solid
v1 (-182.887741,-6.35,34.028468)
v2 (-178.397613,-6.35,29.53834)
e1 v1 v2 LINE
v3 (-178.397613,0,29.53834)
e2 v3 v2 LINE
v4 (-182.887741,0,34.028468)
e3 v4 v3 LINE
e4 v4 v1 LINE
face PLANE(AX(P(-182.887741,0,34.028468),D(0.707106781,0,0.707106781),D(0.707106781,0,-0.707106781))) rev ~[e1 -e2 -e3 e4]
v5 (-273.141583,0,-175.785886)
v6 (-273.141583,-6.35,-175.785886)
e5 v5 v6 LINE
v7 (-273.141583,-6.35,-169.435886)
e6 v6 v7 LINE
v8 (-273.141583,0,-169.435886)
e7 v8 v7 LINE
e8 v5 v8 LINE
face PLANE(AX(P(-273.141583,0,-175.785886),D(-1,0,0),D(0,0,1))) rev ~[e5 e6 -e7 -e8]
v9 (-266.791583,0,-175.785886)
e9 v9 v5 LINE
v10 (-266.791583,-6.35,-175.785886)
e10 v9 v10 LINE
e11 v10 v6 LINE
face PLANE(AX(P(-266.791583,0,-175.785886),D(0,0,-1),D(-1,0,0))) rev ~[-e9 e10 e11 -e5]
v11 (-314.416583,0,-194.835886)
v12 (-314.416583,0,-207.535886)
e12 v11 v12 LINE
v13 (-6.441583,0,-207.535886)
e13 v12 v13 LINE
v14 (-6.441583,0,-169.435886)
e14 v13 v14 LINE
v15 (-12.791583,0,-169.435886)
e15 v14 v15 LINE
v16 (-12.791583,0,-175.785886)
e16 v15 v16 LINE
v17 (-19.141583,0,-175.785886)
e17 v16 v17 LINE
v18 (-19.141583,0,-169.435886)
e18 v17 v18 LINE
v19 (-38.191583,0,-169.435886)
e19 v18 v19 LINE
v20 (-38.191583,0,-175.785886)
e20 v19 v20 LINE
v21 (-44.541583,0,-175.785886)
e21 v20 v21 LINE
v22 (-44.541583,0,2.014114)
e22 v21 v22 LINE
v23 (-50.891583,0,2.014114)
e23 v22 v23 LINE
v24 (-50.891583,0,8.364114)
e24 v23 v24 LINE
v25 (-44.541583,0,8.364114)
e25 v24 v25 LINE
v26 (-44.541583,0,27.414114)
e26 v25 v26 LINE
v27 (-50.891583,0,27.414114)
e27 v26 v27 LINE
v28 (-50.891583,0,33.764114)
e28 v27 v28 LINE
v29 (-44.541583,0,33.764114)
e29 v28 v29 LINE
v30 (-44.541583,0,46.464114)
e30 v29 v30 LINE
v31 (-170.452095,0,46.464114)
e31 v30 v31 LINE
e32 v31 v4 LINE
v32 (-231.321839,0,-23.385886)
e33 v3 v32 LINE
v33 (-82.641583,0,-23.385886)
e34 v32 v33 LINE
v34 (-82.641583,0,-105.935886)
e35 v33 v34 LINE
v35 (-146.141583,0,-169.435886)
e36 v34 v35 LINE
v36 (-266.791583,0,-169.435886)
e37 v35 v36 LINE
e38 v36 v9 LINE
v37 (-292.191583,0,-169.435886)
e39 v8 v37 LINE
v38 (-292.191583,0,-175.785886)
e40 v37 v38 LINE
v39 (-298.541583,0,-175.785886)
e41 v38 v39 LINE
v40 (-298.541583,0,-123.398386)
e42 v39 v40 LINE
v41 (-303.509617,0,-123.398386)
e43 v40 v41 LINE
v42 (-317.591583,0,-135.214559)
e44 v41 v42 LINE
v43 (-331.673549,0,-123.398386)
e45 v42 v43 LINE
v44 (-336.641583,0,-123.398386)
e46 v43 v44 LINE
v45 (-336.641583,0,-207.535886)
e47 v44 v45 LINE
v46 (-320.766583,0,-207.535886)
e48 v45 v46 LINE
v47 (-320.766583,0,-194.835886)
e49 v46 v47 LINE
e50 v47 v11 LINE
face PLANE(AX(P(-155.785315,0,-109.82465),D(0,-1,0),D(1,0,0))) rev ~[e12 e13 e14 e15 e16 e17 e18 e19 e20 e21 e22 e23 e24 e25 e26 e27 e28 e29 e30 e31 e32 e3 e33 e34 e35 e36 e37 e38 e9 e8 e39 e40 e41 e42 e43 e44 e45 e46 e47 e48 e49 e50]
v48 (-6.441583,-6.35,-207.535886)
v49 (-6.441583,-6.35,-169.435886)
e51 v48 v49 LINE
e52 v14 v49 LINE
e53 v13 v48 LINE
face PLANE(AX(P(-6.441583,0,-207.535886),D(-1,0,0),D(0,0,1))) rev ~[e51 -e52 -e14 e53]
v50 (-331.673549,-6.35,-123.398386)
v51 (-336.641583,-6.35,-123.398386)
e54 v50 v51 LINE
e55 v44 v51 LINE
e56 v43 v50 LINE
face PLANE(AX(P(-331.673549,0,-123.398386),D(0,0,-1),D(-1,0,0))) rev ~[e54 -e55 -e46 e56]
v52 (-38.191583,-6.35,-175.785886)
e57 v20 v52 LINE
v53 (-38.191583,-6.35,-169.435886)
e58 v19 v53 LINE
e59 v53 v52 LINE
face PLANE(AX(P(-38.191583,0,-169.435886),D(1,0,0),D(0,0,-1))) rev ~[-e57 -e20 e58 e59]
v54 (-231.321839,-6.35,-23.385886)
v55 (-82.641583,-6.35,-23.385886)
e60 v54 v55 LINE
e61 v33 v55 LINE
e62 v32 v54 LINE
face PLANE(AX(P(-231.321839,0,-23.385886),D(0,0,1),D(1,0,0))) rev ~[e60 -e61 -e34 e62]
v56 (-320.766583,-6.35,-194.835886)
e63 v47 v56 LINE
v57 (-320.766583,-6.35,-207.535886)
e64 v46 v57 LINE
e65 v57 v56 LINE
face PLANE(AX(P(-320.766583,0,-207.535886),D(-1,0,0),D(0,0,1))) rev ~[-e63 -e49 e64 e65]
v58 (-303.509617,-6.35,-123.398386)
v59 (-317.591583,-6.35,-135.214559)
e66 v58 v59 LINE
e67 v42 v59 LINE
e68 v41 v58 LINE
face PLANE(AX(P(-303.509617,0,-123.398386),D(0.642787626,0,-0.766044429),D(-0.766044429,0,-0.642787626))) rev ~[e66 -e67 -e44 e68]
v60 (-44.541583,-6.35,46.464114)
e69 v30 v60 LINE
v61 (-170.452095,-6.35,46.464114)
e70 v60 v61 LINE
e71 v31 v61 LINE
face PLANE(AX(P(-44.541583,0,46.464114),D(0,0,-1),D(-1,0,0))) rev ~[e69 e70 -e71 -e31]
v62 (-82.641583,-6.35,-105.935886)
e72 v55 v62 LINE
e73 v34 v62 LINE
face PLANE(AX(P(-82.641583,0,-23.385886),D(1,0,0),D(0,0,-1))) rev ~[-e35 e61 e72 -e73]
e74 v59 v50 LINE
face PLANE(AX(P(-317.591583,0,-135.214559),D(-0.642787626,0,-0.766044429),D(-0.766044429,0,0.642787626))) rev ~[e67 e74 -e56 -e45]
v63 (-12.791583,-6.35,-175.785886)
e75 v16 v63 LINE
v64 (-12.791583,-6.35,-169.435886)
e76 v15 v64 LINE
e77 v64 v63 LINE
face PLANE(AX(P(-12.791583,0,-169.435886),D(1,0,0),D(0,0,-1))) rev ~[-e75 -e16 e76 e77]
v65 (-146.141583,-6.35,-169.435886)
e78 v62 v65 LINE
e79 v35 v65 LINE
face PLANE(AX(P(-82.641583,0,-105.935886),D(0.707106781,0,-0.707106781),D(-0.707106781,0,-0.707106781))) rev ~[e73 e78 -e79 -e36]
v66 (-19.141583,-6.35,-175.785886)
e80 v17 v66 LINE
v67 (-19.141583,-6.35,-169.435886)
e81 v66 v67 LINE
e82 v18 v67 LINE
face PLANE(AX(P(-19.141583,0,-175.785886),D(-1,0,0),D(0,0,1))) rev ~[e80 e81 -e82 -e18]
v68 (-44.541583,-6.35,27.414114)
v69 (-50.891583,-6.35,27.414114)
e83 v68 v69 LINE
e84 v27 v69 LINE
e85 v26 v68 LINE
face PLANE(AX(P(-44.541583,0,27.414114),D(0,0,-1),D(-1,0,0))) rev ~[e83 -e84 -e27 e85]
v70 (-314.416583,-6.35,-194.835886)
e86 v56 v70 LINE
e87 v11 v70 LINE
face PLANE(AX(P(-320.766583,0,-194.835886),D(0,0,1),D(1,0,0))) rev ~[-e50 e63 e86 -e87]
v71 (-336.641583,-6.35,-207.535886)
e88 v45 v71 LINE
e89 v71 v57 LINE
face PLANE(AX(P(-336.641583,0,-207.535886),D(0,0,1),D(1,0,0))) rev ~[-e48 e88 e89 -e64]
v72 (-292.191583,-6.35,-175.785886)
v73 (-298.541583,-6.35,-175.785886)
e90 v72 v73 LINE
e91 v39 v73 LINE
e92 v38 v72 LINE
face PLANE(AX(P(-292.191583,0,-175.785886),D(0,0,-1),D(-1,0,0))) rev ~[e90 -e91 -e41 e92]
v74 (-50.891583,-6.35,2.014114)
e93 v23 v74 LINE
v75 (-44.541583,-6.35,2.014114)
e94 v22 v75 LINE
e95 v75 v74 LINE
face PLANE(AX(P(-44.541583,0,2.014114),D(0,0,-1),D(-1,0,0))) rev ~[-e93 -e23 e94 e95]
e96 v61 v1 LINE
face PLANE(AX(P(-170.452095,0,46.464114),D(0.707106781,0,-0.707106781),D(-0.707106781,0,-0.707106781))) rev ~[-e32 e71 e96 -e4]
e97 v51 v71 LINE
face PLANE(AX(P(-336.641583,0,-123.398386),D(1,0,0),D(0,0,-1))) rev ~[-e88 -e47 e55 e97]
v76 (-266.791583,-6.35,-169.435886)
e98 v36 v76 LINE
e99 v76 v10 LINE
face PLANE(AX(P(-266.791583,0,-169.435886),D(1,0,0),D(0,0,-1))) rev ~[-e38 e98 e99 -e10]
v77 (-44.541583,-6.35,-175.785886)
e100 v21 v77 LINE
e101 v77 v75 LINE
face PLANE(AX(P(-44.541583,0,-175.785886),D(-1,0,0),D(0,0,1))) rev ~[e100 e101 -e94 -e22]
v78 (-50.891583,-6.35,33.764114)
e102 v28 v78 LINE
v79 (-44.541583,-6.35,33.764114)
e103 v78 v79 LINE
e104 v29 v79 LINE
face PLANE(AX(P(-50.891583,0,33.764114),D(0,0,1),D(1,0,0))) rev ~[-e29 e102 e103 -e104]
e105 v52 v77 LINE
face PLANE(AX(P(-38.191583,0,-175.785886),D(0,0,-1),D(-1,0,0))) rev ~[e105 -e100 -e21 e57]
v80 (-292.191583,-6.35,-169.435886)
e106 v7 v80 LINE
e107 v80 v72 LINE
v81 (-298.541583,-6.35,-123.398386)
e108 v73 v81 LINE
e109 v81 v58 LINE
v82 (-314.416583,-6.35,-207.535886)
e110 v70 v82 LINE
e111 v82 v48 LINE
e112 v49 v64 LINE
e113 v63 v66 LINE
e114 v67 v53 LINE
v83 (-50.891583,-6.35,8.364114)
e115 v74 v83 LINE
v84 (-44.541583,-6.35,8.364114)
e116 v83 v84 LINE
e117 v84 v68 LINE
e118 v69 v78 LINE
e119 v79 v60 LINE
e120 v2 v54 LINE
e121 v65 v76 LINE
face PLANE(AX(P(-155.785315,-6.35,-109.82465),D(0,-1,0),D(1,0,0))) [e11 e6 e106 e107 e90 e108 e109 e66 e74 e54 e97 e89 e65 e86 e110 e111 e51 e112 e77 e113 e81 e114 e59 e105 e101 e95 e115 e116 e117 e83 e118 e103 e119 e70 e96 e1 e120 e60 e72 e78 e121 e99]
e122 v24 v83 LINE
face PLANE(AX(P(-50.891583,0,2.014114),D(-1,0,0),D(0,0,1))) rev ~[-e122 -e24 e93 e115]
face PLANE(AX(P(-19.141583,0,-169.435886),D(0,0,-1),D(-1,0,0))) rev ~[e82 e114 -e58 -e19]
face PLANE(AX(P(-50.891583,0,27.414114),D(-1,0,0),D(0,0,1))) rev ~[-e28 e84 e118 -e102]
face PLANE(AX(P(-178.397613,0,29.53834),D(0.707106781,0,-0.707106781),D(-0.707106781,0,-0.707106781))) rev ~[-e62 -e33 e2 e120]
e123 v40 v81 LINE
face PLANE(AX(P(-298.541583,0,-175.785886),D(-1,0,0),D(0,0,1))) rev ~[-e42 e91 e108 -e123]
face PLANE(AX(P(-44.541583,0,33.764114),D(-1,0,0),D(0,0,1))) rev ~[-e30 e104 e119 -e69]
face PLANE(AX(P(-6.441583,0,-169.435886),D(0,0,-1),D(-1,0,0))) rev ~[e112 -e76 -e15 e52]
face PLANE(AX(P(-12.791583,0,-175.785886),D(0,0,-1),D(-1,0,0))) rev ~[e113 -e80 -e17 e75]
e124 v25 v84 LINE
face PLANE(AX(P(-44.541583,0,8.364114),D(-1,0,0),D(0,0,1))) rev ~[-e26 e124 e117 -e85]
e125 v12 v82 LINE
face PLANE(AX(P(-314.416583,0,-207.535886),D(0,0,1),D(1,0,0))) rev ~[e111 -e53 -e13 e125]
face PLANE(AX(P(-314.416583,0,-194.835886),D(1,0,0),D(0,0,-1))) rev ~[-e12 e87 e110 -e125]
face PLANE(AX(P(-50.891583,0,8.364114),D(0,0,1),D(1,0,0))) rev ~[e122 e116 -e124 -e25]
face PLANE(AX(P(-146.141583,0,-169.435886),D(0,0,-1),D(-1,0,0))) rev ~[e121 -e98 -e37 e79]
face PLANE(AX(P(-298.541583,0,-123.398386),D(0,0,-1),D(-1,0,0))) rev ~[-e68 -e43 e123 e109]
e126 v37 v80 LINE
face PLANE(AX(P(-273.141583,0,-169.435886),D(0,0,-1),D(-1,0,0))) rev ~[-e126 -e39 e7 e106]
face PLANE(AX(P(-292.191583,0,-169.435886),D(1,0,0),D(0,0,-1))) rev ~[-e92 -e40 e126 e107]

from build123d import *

# Parameters (mm, degrees)
F1_DEPTH = 6.35


with BuildPart() as f1:
    # F0 (on Front) → F1 (new body)
    with BuildSketch(Plane.XZ):
        Polygon((-82.641583, -23.385886), (-82.641583, -105.935886), (-146.141583, -169.435886), (-266.791583, -169.435886), (-266.791583, -175.785886), (-273.141583, -175.785886), (-273.141583, -169.435886), (-292.191583, -169.435886), (-292.191583, -175.785886), (-298.541583, -175.785886), (-298.541583, -123.398386), (-303.509617, -123.398386), (-317.591583, -135.214559), (-331.673549, -123.398386), (-336.641583, -123.398386), (-336.641583, -207.535886), (-320.766583, -207.535886), (-320.766583, -194.835886), (-314.416583, -194.835886), (-314.416583, -207.535886), (-6.441583, -207.535886), (-6.441583, -169.435886), (-12.791583, -169.435886), (-12.791583, -175.785886), (-19.141583, -175.785886), (-19.141583, -169.435886), (-38.191583, -169.435886), (-38.191583, -175.785886), (-44.541583, -175.785886), (-44.541583, 2.014114), (-50.891583, 2.014114), (-50.891583, 8.364114), (-44.541583, 8.364114), (-44.541583, 27.414114), (-50.891583, 27.414114), (-50.891583, 33.764114), (-44.541583, 33.764114), (-44.541583, 46.464114), (-170.452095, 46.464114), (-182.887741, 34.028468), (-178.397613, 29.53834), (-231.321839, -23.385886), align=None)
    extrude(amount=F1_DEPTH)


solid = f1.part
